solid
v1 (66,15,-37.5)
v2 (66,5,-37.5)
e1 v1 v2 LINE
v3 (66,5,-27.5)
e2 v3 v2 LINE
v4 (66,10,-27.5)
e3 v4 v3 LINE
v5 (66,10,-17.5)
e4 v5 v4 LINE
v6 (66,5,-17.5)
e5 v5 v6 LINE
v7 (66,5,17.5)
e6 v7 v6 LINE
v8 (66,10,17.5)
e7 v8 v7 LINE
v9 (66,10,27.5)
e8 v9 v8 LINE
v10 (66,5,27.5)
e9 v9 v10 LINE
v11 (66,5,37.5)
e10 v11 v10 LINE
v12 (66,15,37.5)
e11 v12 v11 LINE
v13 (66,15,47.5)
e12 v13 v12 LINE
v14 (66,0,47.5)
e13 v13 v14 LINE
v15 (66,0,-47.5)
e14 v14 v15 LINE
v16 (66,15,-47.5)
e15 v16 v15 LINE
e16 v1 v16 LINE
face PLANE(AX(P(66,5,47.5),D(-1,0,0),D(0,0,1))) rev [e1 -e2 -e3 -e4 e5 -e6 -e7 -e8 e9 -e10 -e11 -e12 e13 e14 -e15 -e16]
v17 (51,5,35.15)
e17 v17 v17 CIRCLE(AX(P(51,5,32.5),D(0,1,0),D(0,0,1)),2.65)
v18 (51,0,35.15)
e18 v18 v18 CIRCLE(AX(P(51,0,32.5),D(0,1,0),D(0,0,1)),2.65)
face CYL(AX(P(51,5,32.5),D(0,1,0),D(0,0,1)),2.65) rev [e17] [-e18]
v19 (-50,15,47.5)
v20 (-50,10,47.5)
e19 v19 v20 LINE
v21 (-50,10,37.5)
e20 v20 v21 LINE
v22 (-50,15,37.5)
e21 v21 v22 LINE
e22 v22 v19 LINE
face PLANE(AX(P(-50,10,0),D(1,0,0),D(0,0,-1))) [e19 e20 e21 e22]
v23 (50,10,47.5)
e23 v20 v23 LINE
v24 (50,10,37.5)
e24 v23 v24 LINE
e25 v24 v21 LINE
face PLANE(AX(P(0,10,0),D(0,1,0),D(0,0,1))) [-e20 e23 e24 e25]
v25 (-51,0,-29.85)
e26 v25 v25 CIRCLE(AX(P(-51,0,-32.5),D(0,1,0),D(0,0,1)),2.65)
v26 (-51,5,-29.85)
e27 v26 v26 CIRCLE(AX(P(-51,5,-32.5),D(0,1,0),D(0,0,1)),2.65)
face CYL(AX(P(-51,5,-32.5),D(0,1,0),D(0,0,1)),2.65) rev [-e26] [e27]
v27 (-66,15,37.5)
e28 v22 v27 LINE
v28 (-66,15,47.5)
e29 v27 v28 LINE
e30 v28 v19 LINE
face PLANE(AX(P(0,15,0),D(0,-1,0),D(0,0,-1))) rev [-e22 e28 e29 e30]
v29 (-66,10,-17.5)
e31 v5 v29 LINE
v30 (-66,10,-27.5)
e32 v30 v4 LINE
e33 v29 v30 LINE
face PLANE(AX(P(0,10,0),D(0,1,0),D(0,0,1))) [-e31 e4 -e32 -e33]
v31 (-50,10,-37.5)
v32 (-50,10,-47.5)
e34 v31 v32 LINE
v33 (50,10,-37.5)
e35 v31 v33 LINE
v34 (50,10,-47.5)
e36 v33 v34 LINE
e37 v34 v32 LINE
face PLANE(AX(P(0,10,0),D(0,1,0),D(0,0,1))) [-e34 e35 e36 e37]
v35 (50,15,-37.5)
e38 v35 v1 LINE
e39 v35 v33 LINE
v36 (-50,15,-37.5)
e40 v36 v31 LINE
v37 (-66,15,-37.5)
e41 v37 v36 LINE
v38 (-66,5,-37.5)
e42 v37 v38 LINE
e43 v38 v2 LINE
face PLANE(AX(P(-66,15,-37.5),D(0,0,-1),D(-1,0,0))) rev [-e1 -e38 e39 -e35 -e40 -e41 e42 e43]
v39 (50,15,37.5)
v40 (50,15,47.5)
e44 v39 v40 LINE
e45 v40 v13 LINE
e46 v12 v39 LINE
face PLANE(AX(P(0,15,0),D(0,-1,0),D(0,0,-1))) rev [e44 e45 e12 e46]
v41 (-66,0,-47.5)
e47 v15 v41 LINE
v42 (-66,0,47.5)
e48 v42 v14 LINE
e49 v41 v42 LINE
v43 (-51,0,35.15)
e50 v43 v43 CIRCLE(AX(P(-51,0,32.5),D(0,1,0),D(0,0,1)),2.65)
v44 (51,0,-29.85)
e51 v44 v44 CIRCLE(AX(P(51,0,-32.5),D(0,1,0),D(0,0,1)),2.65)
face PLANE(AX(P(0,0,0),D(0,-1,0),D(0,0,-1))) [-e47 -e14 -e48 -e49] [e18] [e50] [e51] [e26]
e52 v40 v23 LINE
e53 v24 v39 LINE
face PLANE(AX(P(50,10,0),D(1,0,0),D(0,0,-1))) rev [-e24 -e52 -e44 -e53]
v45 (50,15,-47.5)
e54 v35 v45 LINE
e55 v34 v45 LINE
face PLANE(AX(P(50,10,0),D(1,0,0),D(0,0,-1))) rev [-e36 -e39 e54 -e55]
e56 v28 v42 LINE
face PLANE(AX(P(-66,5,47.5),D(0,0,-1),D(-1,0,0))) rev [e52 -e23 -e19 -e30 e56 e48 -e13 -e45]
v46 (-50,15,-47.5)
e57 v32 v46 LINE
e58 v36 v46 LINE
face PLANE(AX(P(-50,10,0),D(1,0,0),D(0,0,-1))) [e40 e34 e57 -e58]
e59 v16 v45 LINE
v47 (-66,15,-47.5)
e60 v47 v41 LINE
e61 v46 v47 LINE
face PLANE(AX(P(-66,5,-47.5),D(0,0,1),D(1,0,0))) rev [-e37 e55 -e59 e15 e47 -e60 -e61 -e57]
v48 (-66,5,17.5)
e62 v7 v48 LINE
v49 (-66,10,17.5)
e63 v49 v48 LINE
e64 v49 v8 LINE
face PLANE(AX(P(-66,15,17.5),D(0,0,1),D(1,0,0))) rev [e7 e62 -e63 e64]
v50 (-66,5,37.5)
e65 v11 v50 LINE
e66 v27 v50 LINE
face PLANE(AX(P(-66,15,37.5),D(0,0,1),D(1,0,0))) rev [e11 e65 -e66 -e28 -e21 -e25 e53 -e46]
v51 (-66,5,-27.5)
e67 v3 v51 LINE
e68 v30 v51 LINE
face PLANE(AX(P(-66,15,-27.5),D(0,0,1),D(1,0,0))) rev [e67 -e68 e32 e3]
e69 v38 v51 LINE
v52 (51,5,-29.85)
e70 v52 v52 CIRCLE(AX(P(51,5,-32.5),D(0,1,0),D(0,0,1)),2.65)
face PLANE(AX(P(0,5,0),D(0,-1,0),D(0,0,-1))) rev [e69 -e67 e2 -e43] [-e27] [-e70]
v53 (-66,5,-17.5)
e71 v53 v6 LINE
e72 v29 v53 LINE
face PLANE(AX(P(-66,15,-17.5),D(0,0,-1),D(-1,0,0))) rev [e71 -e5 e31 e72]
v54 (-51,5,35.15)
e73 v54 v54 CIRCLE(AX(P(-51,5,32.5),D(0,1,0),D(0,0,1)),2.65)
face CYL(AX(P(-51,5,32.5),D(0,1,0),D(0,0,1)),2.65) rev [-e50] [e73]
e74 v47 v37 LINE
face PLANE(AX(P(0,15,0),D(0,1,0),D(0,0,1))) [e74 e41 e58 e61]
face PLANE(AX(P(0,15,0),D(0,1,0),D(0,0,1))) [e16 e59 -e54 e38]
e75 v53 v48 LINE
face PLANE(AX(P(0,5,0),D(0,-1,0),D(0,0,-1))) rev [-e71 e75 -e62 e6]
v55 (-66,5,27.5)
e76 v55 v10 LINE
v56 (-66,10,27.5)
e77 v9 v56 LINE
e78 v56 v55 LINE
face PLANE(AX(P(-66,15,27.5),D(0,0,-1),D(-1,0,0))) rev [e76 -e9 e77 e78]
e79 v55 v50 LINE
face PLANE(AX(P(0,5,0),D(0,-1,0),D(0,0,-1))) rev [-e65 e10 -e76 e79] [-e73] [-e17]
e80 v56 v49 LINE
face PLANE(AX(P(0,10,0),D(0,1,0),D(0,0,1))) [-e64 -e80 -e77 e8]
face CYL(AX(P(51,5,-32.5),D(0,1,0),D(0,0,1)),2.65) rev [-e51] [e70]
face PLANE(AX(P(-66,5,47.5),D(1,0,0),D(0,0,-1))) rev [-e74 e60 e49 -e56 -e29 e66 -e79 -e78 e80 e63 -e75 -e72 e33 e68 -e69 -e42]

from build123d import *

# Parameters (mm, degrees)
SKETCH1_W            = 132
SKETCH1_H            = 95
BOSS_EXTRUDE1_DEPTH  = 5
M5_CLEARANCE_SLOT1_D = 5.3
SKETCH4_W            = 132
SKETCH4_H            = 10
BOSS_EXTRUDE2_DEPTH  = 10
SKETCH5_W            = 100
SKETCH5_H            = 10
SKETCH5_H_2          = 2.5
SKETCH5_W_2          = 16
CUT_EXTRUDE1_DEPTH   = 5


with BuildPart() as part:
    # Sketch1 → Boss-Extrude1 (new body)
    with BuildSketch(Plane(origin=(0, 0, 0), x_dir=(1, 0, 0), z_dir=(0, 1, 0))):
        Rectangle(SKETCH1_W, SKETCH1_H)
    extrude(amount=BOSS_EXTRUDE1_DEPTH)

    # M5 Clearance Slot1 (through all)
    with Locations(Plane(origin=(0, 5, 0), x_dir=(1, 0, 0), z_dir=(0, 1, 0))):
        with Locations((-51, 32.5), (51, 32.5), (51, -32.5), (-51, -32.5)):
            Hole(M5_CLEARANCE_SLOT1_D / 2)

    # Sketch4 → Boss-Extrude2 (add)
    with BuildSketch(Plane(origin=(0, 5, 0), x_dir=(1, 0, 0), z_dir=(0, 1, 0))):
        with Locations((0, 22.5)):
            Rectangle(SKETCH4_W, SKETCH4_H)
        with Locations((0, 42.5)):
            Rectangle(SKETCH4_W, SKETCH4_H)
        with Locations((0, -22.5)):
            Rectangle(SKETCH4_W, SKETCH4_H)
        with Locations((0, -42.5)):
            Rectangle(SKETCH4_W, SKETCH4_H)
    extrude(amount=BOSS_EXTRUDE2_DEPTH)

    # Sketch5 → Cut-Extrude1 (cut)
    with BuildSketch(Plane(origin=(0, 15, 0), x_dir=(1, 0, 0), z_dir=(0, 1, 0))):
        Polygon((-50, -27.5), (-50, -37.5), (50, -37.5), (50, -27.5), (50, -17.5), (50, 17.5), (50, 27.5), (50, 50), (-50, 50), (-50, 27.5), (-50, 17.5), (-50, -17.5), align=None)
        with Locations((0, -42.5)):
            Rectangle(SKETCH5_W, SKETCH5_H)
        with Locations((0, -48.75)):
            Rectangle(SKETCH5_W, SKETCH5_H_2)
        with Locations((-58, -22.5)):
            Rectangle(SKETCH5_W_2, SKETCH5_H)
        with Locations((58, -22.5)):
            Rectangle(SKETCH5_W_2, SKETCH5_H)
        with Locations((58, 22.5)):
            Rectangle(SKETCH5_W_2, SKETCH5_H)
        with Locations((-58, 22.5)):
            Rectangle(SKETCH5_W_2, SKETCH5_H)
    extrude(amount=-CUT_EXTRUDE1_DEPTH, mode=Mode.SUBTRACT)


solid = part.part
